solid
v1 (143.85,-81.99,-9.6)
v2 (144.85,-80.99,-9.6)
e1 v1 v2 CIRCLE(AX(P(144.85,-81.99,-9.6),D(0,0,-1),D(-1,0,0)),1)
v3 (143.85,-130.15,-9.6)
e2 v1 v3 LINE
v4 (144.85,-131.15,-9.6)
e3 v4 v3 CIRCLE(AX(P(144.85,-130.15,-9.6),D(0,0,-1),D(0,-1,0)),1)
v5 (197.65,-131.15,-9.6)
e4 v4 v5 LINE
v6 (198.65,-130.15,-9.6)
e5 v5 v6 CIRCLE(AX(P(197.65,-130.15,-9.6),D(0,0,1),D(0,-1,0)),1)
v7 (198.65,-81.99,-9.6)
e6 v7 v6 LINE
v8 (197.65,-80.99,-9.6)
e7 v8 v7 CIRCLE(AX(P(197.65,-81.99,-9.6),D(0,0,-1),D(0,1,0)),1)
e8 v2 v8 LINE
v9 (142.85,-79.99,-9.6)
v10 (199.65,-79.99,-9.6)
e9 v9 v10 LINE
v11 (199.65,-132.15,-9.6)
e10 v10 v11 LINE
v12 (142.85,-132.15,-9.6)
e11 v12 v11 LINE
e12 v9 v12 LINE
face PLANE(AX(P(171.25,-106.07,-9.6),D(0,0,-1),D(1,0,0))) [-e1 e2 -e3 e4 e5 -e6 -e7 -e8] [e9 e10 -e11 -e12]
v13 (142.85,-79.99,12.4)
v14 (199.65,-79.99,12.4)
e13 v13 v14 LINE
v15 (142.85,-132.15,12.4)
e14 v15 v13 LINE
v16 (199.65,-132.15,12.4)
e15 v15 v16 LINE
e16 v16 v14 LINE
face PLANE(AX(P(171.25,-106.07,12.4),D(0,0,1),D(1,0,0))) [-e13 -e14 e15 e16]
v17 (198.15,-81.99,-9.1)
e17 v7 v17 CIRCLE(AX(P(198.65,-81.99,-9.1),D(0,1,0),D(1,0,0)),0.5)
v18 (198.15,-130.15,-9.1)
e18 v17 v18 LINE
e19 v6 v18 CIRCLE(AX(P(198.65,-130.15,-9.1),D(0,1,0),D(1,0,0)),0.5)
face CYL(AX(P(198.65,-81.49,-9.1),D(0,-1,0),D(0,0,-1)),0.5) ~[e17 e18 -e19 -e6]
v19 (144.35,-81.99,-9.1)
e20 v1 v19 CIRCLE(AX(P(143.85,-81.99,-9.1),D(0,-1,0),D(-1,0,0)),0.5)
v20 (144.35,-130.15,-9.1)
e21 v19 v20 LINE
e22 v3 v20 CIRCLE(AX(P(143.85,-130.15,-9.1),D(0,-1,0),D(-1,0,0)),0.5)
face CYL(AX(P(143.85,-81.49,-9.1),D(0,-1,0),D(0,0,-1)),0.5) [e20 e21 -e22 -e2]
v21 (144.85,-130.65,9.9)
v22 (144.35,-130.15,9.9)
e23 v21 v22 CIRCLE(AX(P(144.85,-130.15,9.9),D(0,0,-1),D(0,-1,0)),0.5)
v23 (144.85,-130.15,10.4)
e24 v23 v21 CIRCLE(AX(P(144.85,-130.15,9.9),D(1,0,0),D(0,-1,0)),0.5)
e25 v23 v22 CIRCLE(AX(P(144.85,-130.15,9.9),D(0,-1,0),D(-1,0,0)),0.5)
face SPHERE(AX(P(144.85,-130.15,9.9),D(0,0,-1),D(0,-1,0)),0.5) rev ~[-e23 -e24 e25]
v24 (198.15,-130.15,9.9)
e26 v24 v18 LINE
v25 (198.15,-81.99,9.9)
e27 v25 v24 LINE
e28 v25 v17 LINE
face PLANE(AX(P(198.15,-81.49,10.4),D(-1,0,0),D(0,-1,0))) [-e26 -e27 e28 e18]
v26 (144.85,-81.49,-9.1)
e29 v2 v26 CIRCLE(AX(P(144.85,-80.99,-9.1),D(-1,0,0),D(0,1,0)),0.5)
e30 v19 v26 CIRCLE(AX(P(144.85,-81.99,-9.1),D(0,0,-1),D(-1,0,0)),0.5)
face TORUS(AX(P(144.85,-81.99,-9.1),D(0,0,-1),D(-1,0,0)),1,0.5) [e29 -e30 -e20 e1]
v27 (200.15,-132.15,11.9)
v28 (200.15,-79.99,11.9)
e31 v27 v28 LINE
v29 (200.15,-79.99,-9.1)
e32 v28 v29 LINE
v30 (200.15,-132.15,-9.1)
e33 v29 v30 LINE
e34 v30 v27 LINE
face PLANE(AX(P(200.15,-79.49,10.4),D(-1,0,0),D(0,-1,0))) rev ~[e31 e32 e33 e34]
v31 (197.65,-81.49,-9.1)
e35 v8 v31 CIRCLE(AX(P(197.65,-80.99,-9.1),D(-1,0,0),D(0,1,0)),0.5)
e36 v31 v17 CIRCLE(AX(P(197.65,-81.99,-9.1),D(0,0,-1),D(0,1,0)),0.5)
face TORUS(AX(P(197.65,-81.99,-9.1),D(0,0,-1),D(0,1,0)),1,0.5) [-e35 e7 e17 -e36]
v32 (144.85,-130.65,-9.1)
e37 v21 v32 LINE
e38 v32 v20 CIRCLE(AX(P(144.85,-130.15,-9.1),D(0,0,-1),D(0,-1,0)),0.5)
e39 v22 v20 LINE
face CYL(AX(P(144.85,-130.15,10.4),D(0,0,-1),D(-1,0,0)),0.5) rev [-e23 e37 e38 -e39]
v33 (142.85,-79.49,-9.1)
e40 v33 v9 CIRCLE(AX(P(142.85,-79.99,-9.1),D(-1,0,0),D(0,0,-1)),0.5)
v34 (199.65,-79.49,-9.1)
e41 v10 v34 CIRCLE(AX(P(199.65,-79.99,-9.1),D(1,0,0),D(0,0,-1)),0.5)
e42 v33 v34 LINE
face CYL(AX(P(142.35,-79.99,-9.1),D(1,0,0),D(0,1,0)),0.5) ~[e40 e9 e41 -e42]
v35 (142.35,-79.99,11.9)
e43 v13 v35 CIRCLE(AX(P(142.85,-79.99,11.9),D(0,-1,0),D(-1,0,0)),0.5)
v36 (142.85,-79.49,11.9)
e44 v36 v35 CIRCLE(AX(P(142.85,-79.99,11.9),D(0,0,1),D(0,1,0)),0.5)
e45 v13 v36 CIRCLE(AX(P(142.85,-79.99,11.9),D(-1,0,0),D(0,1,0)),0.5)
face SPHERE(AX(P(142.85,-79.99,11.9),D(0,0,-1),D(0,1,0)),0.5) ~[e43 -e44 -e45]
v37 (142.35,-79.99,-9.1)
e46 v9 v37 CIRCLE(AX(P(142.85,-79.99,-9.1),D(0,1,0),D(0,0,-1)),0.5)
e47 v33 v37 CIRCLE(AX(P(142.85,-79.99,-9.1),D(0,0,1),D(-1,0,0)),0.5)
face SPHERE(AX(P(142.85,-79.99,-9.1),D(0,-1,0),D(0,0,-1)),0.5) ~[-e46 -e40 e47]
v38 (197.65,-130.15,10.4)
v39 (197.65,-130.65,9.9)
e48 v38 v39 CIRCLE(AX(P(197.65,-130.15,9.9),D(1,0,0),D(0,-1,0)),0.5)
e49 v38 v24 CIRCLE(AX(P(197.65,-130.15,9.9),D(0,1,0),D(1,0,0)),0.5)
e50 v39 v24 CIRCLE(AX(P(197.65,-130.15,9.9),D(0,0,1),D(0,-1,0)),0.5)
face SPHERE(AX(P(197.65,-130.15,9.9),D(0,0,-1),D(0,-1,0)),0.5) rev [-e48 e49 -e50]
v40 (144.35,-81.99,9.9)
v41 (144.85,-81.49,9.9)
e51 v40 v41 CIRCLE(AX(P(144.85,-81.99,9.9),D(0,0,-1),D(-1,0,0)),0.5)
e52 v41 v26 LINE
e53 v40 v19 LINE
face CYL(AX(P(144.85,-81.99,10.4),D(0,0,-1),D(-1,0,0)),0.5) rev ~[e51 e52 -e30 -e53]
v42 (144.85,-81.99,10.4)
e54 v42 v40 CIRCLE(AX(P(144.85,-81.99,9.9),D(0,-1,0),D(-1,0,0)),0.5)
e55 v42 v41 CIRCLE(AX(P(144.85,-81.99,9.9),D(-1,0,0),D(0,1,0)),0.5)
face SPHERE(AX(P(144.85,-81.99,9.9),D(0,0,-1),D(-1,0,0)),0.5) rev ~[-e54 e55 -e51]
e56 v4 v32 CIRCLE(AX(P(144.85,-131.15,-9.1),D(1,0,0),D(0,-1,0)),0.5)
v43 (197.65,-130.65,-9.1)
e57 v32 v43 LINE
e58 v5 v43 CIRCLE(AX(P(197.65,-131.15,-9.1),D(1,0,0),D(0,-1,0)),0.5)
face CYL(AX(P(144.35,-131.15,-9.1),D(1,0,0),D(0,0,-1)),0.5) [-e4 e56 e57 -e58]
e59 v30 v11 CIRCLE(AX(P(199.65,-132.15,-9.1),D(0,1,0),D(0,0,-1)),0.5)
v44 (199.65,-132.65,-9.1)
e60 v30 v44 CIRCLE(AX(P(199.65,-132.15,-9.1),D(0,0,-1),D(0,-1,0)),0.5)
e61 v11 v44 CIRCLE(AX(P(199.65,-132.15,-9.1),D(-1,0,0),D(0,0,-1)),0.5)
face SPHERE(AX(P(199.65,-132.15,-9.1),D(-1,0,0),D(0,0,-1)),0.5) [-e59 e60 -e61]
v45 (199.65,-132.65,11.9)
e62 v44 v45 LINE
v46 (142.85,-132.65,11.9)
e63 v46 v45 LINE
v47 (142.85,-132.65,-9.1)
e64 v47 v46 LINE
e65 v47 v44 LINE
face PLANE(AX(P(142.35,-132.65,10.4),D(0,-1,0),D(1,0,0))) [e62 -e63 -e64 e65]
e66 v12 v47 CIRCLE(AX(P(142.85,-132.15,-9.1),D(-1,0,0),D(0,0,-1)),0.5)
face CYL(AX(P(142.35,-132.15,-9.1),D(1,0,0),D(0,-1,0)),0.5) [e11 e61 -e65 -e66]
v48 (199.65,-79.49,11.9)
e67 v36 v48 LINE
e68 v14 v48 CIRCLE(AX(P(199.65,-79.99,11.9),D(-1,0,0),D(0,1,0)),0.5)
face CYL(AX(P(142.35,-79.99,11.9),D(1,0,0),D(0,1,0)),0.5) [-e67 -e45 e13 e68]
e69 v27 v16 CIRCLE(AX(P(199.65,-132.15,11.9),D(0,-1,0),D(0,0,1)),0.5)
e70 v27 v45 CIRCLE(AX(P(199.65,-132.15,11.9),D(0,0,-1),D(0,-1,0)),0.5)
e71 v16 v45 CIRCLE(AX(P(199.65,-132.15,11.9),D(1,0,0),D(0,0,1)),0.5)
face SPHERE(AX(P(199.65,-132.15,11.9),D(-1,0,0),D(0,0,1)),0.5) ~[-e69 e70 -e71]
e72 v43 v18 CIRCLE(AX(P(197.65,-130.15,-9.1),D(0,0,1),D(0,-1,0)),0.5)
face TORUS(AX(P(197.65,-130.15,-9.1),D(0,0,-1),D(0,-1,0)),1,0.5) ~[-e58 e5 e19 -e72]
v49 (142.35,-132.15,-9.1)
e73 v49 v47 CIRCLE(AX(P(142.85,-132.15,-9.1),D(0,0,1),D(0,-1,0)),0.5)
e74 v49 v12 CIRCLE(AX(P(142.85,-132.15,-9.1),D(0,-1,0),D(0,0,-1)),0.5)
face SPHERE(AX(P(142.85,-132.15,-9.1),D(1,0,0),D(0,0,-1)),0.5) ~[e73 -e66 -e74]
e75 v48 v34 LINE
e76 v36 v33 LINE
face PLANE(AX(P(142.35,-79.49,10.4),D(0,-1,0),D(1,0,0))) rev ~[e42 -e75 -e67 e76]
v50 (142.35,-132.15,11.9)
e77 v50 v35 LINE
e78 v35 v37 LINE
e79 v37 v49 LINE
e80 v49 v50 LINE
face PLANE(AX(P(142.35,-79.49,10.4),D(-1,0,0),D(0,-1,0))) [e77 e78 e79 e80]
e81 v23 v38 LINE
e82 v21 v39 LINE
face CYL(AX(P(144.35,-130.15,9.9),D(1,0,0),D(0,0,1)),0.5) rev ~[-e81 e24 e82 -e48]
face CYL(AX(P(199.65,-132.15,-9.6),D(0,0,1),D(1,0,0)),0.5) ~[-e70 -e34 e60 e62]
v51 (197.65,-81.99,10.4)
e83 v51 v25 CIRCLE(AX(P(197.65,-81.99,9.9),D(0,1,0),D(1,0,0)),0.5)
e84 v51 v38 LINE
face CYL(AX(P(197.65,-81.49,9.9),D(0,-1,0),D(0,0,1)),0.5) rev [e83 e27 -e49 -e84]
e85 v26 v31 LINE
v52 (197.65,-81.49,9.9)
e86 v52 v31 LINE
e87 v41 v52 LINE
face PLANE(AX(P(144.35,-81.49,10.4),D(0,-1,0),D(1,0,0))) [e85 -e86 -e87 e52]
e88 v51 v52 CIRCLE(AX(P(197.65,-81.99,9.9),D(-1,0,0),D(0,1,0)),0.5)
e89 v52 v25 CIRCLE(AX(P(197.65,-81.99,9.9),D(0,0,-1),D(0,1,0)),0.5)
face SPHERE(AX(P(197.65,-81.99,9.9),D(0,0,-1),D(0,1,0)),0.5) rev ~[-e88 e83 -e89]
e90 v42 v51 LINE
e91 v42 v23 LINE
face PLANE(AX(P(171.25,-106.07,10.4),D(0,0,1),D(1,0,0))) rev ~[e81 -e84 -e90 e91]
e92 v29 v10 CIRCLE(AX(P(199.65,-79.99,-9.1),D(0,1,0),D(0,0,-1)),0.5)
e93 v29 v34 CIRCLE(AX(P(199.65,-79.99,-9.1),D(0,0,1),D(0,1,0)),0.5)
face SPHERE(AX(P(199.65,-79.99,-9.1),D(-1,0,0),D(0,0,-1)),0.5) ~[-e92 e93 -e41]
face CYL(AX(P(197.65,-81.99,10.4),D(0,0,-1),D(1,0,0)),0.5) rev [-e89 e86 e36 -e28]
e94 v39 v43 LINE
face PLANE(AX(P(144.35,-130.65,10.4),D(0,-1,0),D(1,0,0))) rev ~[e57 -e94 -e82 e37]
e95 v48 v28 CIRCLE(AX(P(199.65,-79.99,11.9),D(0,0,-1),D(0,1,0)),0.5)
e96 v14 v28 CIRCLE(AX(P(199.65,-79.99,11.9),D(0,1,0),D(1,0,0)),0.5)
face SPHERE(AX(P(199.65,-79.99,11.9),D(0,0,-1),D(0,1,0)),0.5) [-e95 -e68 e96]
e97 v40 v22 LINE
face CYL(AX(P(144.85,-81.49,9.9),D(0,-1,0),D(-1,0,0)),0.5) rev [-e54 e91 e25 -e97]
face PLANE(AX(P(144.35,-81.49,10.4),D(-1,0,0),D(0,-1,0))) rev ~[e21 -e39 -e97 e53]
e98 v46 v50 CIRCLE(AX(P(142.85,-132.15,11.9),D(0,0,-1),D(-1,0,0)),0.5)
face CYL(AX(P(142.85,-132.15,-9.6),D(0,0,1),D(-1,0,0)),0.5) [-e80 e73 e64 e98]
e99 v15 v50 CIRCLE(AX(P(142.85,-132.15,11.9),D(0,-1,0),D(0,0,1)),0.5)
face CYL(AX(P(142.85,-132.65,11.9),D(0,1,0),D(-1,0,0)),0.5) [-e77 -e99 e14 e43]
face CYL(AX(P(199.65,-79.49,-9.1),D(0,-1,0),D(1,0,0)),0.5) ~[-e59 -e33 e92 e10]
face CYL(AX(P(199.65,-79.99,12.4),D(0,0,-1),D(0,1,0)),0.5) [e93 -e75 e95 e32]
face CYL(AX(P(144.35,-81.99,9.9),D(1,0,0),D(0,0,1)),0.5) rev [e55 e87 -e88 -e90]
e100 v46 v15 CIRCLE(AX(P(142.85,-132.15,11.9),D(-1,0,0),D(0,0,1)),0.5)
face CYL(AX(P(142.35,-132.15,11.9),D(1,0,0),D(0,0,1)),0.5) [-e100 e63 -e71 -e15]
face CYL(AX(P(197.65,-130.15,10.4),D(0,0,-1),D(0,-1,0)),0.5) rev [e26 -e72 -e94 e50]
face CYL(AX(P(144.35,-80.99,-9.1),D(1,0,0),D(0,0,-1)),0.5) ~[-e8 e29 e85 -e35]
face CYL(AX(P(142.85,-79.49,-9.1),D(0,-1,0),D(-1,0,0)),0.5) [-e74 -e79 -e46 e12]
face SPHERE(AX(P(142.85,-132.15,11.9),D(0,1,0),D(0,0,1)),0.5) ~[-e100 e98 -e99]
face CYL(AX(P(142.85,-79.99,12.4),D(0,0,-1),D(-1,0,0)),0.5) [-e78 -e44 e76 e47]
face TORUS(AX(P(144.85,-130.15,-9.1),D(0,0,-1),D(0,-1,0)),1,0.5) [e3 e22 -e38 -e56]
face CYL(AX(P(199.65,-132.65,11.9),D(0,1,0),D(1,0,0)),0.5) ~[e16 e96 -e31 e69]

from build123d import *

# Parameters (mm, degrees)
SKETCH003_W   = 57.8
SKETCH003_H   = 53.16
PAD002_DEPTH  = 2
SKETCH004_W   = 57.8
SKETCH004_H   = 53.16
SKETCH004_W_2 = 53.8
SKETCH004_H_2 = 49.16
PAD003_DEPTH  = 20
FILLET_R      = 0.5


with BuildPart() as part:
    # Sketch003 (on Face23 of ShapeBinder001) → Pad002 (new body)
    with BuildSketch(Plane.XY.offset(10.4)):
        with Locations((171.25, -106.07)):
            Rectangle(SKETCH003_W, SKETCH003_H)
    extrude(amount=PAD002_DEPTH)

    # Sketch004 (on Face5 of Pad002) → Pad003 (join)
    with BuildSketch(Plane(origin=(0, 0, 10.4), x_dir=(1, 0, 0), z_dir=(0, 0, -1))):
        with Locations((171.25, 106.07)):
            Rectangle(SKETCH004_W, SKETCH004_H)
        with Locations((171.25, 106.07)):
            Rectangle(SKETCH004_W_2, SKETCH004_H_2, mode=Mode.SUBTRACT)
    extrude(amount=PAD003_DEPTH)

    # Fillet
    fillet_edges = [part.edges().sort_by_distance(p)[0] for p in [
        (171.25, -132.65, -9.6),
        (142.35, -106.07, -9.6),
        (171.25, -79.49, -9.6),
        (200.15, -106.07, -9.6),
        (171.25, -130.65, -9.6),
        (144.35, -106.07, -9.6),
        (171.25, -81.49, -9.6),
        (198.15, -106.07, -9.6),
        (198.15, -130.65, 0.4),
        (144.35, -130.65, 0.4),
        (171.25, -130.65, 10.4),
        (144.35, -81.49, 0.4),
        (144.35, -106.07, 10.4),
        (198.15, -81.49, 0.4),
        (171.25, -81.49, 10.4),
        (198.15, -106.07, 10.4),
        (200.15, -79.49, 1.4),
        (142.35, -79.49, 1.4),
        (171.25, -79.49, 12.4),
        (142.35, -106.07, 12.4),
        (171.25, -132.65, 12.4),
        (200.15, -106.07, 12.4),
        (200.15, -132.65, 1.4),
        (142.35, -132.65, 1.4),
    ]]
    fillet(fillet_edges, radius=FILLET_R)


solid = part.part
